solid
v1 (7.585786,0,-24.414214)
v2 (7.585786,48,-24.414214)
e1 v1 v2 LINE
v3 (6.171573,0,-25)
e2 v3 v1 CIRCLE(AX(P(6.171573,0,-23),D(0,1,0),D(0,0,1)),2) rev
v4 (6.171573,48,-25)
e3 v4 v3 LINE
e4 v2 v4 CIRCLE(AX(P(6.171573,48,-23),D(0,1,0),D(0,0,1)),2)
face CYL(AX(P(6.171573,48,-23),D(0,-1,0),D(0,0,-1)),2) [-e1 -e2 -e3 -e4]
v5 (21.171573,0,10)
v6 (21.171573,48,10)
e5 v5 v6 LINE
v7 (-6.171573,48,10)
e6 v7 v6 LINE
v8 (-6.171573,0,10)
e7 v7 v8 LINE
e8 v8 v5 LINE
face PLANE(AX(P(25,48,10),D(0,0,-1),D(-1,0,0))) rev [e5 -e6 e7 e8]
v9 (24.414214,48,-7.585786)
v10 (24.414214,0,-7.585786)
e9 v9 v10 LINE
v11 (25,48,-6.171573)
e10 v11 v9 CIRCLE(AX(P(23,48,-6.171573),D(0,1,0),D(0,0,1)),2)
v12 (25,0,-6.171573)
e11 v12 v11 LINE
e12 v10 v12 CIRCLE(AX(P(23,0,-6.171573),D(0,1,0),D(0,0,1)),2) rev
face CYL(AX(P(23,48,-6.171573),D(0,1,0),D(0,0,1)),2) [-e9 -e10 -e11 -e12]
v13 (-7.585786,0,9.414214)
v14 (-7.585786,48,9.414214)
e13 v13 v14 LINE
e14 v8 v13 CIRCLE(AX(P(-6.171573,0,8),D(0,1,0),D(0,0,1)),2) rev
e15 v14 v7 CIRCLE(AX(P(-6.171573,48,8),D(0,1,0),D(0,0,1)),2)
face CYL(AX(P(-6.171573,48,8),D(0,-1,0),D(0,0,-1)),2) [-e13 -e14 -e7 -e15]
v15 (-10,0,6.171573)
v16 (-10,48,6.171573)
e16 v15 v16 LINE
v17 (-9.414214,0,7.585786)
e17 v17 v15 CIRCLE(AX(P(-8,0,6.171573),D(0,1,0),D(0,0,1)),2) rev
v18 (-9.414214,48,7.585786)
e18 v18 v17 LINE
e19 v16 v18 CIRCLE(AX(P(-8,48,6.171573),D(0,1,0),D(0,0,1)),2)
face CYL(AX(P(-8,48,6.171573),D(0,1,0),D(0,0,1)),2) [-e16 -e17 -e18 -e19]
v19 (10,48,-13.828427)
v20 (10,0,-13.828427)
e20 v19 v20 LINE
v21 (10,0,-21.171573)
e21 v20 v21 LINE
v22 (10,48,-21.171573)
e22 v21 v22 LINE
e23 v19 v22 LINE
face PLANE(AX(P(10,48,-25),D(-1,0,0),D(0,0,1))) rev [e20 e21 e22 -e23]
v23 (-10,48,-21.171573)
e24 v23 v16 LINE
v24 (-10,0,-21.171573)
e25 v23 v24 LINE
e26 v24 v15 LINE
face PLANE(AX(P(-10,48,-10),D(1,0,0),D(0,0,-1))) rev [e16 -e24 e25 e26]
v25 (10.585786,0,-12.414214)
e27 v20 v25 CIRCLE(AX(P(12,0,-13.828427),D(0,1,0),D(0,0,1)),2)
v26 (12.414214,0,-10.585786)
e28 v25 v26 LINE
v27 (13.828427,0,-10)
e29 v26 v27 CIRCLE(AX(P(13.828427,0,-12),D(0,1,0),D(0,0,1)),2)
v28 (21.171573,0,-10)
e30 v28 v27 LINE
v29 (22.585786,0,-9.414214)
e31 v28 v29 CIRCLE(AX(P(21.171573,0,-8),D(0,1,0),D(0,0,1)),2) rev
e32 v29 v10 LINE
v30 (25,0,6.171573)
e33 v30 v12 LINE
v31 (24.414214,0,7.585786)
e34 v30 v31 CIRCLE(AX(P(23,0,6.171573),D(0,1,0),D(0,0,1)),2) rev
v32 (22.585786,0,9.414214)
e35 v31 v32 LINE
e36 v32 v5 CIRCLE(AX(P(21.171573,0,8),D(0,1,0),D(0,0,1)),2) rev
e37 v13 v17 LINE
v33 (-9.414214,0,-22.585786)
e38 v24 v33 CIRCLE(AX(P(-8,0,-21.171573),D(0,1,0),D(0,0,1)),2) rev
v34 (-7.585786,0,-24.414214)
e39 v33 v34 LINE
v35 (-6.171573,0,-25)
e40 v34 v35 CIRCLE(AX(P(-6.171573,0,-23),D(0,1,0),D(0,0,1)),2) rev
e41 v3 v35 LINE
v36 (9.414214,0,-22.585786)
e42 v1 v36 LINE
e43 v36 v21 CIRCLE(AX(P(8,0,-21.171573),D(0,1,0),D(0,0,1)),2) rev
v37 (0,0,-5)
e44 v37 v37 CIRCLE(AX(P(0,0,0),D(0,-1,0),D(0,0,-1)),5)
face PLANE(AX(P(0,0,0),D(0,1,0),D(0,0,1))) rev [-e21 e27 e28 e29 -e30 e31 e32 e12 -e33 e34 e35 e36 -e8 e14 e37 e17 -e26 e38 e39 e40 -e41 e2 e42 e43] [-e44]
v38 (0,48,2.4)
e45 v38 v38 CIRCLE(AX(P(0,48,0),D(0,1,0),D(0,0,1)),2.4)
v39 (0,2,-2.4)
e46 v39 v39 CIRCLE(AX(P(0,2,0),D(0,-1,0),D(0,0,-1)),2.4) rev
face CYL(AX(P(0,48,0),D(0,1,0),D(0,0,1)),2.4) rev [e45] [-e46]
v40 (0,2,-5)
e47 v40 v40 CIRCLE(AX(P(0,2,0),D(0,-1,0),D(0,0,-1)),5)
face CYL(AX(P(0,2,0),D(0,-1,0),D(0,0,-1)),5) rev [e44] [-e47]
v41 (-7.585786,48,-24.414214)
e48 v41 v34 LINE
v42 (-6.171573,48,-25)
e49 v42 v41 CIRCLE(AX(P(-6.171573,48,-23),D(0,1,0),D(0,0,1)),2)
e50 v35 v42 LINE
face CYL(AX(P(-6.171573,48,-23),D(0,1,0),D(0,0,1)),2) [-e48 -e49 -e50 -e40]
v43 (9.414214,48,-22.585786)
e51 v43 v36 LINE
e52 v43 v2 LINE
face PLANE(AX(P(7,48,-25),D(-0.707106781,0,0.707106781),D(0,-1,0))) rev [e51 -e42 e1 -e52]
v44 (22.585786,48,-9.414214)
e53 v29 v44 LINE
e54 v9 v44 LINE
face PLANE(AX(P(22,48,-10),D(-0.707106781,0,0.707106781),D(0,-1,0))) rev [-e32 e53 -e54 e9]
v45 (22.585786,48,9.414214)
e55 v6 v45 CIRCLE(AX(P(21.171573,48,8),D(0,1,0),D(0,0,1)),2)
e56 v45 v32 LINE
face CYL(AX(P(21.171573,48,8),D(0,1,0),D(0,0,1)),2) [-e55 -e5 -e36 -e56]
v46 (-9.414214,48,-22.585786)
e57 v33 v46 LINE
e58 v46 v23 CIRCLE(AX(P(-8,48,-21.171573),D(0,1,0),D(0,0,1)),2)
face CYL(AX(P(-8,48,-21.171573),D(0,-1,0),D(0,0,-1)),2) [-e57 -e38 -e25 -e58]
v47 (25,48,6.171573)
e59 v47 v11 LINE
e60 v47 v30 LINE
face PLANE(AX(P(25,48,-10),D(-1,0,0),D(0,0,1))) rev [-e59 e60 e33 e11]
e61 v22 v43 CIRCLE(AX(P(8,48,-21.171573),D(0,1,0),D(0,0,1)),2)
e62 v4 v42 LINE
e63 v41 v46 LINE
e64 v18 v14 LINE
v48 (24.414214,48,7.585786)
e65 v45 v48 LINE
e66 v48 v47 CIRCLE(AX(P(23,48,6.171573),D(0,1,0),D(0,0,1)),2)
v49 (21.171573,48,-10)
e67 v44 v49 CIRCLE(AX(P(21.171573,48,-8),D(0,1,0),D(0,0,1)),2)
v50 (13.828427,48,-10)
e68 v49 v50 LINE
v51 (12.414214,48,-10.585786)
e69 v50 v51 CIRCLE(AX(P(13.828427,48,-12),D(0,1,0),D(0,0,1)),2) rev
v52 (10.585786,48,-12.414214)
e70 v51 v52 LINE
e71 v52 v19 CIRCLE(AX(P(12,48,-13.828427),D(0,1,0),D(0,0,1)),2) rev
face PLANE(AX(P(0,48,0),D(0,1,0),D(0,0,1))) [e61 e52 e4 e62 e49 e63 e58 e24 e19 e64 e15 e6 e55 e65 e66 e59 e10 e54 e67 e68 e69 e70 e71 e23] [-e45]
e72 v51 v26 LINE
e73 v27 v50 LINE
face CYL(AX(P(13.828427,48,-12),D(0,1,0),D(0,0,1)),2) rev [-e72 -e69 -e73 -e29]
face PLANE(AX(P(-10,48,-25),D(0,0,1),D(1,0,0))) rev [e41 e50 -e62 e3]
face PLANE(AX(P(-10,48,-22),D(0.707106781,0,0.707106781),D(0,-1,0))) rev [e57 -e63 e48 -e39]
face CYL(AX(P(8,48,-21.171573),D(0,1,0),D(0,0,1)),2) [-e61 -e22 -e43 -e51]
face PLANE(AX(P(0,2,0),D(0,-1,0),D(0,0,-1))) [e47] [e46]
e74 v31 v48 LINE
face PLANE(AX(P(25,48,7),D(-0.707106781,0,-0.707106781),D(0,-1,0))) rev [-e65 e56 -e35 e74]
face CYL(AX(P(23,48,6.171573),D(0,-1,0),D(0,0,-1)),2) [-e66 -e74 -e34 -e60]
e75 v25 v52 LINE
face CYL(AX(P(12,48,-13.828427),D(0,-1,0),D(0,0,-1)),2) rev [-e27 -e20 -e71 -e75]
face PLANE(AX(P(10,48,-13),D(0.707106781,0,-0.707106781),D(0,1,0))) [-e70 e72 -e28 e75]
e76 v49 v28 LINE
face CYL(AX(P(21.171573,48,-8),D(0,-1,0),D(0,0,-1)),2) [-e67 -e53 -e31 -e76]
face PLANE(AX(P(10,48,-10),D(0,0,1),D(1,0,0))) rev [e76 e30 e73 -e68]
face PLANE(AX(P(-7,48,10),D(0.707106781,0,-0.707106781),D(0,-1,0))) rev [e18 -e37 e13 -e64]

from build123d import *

# Parameters (mm, degrees)
BOSS_EXTRUDE1_DEPTH  = 48
M4_CLEARANCE_HOLE1_D = 4.8
SKETCH4_R            = 5
CUT_EXTRUDE1_DEPTH   = 2
CHAMFER1_SIZE        = 3
FILLET1_R            = 2


with BuildPart() as part:
    # Sketch1 → Boss-Extrude1 (new body)
    with BuildSketch(Plane(origin=(0, 0, 0), x_dir=(1, 0, 0), z_dir=(0, 1, 0))):
        Polygon((-10, 10), (-10, 25), (10, 25), (10, 10), (25, 10), (25, -10), (10, -10), (-10, -10), align=None)
    extrude(amount=BOSS_EXTRUDE1_DEPTH)

    # M4 Clearance Hole1 (through all)
    with Locations(Plane(origin=(0, 48, 0), x_dir=(1, 0, 0), z_dir=(0, 1, 0))):
        with Locations((0, 0)):
            Hole(M4_CLEARANCE_HOLE1_D / 2)

    # Sketch4 → Cut-Extrude1 (cut)
    with BuildSketch(Plane.XZ):
        with Locations(Location((0, 0, 0), (0, 0, 270))):
            Circle(SKETCH4_R)
    extrude(amount=-CUT_EXTRUDE1_DEPTH, mode=Mode.SUBTRACT)

    # Chamfer1
    chamfer1_edges = [part.edges().sort_by_distance(p)[0] for p in [
        (-10, 24, -25),
        (10, 24, -25),
        (10, 24, -10),
        (25, 24, -10),
        (25, 24, 10),
        (-10, 24, 10),
    ]]
    chamfer(chamfer1_edges, length=CHAMFER1_SIZE)

    # Fillet1
    fillet1_edges = [part.edges().sort_by_distance(p)[0] for p in [
        (10, 24, -22),
        (10, 24, -13),
        (22, 24, -10),
        (13, 24, -10),
        (-10, 24, 7),
        (-10, 24, -22),
        (7, 24, -25),
        (-7, 24, -25),
        (25, 24, 7),
        (25, 24, -7),
        (-7, 24, 10),
        (22, 24, 10),
    ]]
    fillet(fillet1_edges, radius=FILLET1_R)


solid = part.part
